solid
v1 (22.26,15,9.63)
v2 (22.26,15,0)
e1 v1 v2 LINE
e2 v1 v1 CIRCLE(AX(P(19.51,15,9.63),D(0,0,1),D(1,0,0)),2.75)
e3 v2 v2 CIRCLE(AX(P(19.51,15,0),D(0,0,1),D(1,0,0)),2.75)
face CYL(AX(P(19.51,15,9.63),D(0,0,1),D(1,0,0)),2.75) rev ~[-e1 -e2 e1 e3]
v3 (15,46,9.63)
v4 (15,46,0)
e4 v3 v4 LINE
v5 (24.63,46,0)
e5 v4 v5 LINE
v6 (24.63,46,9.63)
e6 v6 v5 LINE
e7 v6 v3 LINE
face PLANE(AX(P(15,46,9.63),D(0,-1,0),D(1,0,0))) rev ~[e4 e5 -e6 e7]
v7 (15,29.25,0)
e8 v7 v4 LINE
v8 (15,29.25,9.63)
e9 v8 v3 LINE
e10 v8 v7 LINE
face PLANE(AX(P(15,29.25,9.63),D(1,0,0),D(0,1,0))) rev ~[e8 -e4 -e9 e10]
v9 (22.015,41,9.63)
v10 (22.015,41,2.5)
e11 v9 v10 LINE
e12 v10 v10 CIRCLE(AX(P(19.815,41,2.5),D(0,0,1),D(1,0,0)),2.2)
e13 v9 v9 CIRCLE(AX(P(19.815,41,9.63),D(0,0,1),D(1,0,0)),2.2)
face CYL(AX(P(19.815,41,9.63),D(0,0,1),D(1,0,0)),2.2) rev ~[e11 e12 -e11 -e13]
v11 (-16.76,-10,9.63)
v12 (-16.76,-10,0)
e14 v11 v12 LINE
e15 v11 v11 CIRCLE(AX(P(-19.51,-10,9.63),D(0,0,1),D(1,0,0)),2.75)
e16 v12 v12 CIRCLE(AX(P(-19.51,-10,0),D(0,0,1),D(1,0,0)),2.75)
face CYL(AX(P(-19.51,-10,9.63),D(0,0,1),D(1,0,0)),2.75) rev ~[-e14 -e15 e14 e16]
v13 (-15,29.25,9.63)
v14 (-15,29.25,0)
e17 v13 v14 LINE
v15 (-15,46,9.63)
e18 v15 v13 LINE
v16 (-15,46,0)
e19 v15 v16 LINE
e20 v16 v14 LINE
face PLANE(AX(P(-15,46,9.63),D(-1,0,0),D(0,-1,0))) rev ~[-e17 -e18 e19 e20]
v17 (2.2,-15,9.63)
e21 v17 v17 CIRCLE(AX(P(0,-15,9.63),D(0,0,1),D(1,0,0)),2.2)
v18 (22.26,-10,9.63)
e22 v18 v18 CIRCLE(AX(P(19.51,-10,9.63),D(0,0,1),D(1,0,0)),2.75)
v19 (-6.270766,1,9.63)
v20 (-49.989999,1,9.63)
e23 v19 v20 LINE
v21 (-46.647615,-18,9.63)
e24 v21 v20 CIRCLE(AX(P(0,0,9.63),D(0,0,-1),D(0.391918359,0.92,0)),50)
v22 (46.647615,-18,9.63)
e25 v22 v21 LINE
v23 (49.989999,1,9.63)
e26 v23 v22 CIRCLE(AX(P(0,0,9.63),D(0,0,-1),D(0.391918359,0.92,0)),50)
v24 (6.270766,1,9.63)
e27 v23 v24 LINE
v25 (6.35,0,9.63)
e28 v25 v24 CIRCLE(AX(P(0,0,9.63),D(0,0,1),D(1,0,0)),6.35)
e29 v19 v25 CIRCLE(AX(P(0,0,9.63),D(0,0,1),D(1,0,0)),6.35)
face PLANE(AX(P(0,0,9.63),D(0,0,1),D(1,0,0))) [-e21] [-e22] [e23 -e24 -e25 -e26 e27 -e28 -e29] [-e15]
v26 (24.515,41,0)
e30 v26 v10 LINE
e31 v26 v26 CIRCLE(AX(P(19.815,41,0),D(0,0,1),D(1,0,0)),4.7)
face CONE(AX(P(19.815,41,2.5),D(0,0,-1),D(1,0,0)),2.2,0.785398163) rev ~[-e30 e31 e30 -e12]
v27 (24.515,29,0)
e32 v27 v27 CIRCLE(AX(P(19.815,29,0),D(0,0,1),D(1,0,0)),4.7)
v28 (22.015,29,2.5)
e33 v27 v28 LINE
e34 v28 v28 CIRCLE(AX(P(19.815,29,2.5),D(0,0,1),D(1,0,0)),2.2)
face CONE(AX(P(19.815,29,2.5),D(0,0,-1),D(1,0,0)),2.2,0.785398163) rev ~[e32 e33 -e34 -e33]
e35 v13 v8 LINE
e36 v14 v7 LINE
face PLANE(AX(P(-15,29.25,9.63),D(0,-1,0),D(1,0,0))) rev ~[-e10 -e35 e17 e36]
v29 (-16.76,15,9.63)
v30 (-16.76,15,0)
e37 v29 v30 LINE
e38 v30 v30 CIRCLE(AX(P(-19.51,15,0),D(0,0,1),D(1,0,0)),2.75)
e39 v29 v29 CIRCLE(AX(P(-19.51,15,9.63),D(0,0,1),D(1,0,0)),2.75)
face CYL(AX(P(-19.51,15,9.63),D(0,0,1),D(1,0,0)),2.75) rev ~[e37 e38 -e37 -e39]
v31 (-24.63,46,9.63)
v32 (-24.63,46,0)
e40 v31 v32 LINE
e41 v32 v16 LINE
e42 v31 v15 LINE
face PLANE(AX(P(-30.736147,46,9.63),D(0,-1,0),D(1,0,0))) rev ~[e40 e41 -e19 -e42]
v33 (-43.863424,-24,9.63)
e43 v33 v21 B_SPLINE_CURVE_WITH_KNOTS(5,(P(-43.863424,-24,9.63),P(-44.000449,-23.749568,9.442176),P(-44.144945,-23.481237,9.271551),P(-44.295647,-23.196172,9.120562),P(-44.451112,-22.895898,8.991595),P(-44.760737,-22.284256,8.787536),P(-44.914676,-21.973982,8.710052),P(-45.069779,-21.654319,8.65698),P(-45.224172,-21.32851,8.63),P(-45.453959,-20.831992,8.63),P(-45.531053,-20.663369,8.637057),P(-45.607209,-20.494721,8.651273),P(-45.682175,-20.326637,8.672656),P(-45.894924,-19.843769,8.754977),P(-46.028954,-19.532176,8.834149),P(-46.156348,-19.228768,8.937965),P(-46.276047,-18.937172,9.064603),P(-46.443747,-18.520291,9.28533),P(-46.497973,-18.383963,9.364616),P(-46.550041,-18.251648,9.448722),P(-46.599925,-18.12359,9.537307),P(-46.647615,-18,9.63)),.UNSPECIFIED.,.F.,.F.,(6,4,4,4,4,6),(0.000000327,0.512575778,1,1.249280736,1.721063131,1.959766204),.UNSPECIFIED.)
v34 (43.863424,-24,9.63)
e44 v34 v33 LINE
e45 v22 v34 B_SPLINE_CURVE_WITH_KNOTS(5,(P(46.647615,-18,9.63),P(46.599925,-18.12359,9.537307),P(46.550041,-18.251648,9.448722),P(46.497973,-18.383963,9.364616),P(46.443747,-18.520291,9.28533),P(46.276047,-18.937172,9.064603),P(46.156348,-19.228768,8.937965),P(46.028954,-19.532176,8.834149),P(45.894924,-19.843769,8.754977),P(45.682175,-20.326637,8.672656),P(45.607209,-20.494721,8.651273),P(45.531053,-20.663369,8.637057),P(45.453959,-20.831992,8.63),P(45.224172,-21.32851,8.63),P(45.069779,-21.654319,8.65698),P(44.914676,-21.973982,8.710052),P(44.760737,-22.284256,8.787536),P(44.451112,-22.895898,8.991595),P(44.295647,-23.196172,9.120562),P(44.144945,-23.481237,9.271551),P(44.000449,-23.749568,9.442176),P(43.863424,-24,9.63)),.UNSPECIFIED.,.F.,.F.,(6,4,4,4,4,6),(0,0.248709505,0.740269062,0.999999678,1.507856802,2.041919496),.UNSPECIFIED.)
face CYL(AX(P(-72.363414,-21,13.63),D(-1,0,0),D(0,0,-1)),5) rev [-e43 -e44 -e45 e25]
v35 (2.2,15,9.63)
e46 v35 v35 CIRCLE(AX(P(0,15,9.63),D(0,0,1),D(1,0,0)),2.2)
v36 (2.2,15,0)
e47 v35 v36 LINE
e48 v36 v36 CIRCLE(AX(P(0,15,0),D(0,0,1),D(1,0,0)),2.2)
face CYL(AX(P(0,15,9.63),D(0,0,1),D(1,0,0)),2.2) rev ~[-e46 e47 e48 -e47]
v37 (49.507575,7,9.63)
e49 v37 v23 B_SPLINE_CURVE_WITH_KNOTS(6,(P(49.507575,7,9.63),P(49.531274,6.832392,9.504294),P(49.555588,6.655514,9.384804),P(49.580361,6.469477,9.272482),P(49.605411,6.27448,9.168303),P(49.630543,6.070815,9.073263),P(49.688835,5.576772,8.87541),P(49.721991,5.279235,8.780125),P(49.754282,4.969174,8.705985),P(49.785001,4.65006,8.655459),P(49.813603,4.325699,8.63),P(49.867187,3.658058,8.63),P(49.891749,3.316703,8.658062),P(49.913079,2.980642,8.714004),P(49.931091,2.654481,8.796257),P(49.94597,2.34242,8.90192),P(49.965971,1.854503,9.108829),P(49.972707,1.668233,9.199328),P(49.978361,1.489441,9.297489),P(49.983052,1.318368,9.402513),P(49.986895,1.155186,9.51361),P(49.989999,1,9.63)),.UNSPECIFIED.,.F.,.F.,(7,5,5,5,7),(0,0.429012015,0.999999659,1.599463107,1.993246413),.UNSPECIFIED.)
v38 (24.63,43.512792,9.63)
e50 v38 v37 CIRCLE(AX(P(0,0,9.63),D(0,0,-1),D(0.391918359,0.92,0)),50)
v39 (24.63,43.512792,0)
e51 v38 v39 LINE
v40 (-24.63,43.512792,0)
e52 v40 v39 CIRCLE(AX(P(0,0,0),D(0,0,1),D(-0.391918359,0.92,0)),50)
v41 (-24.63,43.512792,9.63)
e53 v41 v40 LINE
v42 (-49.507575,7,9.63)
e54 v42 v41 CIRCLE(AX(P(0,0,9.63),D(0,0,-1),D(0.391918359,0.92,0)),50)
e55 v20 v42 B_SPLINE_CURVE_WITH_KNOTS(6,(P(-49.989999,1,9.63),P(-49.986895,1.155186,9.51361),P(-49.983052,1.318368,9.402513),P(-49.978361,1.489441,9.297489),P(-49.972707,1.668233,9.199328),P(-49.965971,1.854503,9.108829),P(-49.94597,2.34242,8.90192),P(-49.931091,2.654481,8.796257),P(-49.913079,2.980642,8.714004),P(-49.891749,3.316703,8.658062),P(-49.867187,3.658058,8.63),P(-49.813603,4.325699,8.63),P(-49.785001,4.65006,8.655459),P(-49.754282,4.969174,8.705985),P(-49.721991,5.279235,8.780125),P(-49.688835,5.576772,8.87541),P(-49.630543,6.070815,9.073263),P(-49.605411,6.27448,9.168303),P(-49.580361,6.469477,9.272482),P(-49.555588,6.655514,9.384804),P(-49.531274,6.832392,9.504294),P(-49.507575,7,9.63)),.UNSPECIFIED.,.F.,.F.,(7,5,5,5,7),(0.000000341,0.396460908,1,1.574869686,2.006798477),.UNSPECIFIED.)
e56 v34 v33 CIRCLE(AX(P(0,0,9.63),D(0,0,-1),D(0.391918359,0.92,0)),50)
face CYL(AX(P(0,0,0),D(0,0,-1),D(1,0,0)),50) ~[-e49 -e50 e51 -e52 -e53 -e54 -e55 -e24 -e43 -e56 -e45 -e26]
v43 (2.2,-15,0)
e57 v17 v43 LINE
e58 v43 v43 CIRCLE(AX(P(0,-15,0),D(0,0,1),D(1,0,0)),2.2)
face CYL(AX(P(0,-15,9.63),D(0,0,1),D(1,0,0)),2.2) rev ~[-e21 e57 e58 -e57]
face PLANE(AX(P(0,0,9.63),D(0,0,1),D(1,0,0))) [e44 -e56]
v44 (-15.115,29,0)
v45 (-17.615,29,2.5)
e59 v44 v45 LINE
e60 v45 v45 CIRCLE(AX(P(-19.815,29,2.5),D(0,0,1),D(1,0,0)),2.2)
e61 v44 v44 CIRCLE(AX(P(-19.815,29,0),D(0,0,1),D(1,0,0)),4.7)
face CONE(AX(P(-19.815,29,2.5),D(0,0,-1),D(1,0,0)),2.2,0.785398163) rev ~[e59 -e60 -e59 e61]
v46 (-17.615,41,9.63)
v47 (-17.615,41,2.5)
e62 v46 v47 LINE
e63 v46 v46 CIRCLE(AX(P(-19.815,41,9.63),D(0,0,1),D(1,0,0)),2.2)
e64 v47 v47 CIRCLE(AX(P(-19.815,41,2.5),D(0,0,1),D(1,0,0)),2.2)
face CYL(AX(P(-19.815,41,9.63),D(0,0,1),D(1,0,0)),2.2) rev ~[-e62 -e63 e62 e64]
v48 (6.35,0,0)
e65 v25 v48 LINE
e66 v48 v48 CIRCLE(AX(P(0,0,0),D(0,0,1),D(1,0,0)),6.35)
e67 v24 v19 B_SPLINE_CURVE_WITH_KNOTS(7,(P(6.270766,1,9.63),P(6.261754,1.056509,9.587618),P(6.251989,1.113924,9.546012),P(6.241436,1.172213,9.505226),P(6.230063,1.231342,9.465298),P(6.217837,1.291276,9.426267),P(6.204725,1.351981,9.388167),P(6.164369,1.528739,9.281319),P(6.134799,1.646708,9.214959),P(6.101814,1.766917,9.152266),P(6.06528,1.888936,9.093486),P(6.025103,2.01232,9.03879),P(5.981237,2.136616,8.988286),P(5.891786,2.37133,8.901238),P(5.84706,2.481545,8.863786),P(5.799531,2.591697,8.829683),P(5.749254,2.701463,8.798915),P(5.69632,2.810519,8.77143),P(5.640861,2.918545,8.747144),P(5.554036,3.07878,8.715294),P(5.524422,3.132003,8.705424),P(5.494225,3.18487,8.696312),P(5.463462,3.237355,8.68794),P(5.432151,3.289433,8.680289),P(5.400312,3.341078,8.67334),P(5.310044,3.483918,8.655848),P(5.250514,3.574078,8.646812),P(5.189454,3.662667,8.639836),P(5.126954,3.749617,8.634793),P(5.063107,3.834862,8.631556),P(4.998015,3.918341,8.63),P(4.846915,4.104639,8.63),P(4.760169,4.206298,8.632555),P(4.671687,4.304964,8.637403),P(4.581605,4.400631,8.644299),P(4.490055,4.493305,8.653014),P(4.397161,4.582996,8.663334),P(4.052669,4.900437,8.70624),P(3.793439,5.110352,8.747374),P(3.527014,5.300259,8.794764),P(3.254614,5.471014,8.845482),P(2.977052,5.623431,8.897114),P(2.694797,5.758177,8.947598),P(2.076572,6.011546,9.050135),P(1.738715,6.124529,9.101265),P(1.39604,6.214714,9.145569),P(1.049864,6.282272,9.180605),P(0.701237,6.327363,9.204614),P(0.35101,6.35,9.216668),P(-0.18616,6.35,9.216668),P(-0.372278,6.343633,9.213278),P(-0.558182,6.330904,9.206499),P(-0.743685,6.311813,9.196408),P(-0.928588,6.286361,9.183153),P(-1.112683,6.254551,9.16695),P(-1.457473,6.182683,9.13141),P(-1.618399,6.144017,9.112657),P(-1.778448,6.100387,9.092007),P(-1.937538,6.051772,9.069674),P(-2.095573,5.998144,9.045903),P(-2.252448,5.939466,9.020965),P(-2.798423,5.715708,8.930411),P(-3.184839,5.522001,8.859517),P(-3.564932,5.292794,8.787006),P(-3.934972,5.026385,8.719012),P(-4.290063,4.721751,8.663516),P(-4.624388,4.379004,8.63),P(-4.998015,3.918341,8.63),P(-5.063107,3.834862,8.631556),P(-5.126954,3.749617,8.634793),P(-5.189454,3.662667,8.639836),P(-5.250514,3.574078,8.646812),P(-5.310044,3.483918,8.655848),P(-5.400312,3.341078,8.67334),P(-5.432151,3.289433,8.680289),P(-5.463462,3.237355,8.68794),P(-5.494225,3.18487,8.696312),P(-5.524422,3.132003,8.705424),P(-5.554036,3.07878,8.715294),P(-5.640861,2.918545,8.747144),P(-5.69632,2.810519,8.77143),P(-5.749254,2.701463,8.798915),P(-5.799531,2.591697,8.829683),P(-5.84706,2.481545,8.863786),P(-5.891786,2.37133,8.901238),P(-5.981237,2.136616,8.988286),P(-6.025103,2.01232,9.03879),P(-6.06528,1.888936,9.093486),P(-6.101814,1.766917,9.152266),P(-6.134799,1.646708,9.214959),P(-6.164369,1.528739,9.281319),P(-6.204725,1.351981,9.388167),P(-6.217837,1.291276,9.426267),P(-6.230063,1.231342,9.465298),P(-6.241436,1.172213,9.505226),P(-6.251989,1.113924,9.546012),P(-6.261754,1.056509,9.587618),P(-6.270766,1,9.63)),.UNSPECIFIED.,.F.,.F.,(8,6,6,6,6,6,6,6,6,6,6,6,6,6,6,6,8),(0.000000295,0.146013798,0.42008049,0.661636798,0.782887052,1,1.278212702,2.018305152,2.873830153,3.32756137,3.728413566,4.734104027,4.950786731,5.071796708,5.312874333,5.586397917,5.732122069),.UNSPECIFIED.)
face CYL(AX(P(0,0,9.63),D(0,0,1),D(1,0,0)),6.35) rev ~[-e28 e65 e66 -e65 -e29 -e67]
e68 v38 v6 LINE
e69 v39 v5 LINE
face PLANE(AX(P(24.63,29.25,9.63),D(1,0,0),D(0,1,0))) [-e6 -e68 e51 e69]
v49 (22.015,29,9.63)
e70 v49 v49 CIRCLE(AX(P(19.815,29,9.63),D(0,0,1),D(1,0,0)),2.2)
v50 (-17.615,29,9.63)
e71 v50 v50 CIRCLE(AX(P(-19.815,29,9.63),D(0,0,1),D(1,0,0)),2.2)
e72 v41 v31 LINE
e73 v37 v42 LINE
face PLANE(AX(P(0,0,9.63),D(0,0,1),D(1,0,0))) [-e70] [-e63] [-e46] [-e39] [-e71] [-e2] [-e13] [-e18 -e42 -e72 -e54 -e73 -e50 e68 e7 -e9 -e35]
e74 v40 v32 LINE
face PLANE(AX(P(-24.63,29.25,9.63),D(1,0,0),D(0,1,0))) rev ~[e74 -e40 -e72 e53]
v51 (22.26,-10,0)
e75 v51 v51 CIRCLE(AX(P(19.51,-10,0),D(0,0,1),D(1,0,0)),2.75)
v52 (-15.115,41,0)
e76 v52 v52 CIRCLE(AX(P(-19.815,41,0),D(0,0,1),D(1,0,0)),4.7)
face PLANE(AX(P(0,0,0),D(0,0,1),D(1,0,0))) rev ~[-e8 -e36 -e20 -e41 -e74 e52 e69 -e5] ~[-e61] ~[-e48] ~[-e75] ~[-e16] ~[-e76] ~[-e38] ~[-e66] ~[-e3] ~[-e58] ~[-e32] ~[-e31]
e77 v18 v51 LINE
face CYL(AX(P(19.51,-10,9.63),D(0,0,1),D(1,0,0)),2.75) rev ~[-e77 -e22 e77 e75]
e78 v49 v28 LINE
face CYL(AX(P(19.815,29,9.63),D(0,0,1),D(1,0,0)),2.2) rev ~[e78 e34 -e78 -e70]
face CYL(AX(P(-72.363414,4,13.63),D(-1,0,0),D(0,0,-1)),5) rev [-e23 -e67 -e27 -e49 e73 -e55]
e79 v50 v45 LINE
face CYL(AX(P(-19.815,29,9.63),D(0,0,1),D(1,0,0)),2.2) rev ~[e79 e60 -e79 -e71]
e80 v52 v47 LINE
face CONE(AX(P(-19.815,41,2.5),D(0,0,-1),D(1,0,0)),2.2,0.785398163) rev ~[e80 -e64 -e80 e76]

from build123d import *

# Parameters (mm, degrees)
SKETCH1_R               = 50
EXTRUDE_3_8_DEPTH       = 9.63
CUT_EXTRUDE1_DEPTH      = 9.63
SKETCH3_W               = 9.63
SKETCH3_H               = 16.75
BOSS_EXTRUDE2_DEPTH     = 9.63
SKETCH4_R               = 2.2
M4_THROUGH_DEPTH        = 9.63
SKETCH5_R               = 6.35
CUT_EXTRUDE2_DEPTH      = 9.63
SKETCH6_R               = 2.2
M4_THROUGH2_DEPTH       = 9.63
SKETCH7_R               = 2.75
M5_THROUGH_DEPTH        = 9.63
CHAMFER1_SIZE           = 2.5
CUT_EXTRUDE4_DEPTH      = 72.363414296
CUT_EXTRUDE4_DEPTH_BACK = 72.363414296
SKETCH8_R               = 5


with BuildPart() as part:
    # Sketch1 → 3/8 (new body)
    with BuildSketch(Plane.XY):
        Circle(SKETCH1_R)
    extrude(amount=EXTRUDE_3_8_DEPTH)

    # Sketch2 → Cut-Extrude1 (cut)
    with BuildSketch(Plane.XY.offset(9.63)):
        Polygon((-15, 46), (-15, 29.25), (15, 29.25), (15, 46), (28.100203936, 46), (28.100203936, 76.142415264), (-30.736146894, 76.142415264), (-30.736146894, 46), align=None)
    extrude(amount=-CUT_EXTRUDE1_DEPTH, mode=Mode.SUBTRACT)

    # Sketch3 → Boss-Extrude2 (add)
    with BuildSketch(Plane.XY.offset(9.63)):
        with Locations((-19.815, 37.625)):
            Rectangle(SKETCH3_W, SKETCH3_H)
        with Locations((19.815, 37.625)):
            Rectangle(SKETCH3_W, SKETCH3_H)
    extrude(amount=-BOSS_EXTRUDE2_DEPTH)

    # Sketch4 → M4_through (cut)
    with BuildSketch(Plane.XY.offset(9.63)):
        with Locations((-19.815, 41)):
            Circle(SKETCH4_R)
        with Locations((-19.815, 29)):
            Circle(SKETCH4_R)
        with Locations((19.815, 29)):
            Circle(SKETCH4_R)
        with Locations((19.815, 41)):
            Circle(SKETCH4_R)
    extrude(amount=-M4_THROUGH_DEPTH, mode=Mode.SUBTRACT)

    # Sketch5 → Cut-Extrude2 (cut)
    with BuildSketch(Plane.XY.offset(9.63)):
        Circle(SKETCH5_R)
    extrude(amount=-CUT_EXTRUDE2_DEPTH, mode=Mode.SUBTRACT)

    # Sketch6 → M4_through2 (cut)
    with BuildSketch(Plane.XY.offset(9.63)):
        with Locations((0, 15)):
            Circle(SKETCH6_R)
        with Locations((0, -15)):
            Circle(SKETCH6_R)
    extrude(amount=-M4_THROUGH2_DEPTH, mode=Mode.SUBTRACT)

    # Sketch7 → M5_through (cut)
    with BuildSketch(Plane.XY.offset(9.63)):
        with Locations((-19.51, 15)):
            Circle(SKETCH7_R)
        with Locations((-19.51, -10)):
            Circle(SKETCH7_R)
        with Locations((19.51, -10)):
            Circle(SKETCH7_R)
        with Locations((19.51, 15)):
            Circle(SKETCH7_R)
    extrude(amount=-M5_THROUGH_DEPTH, mode=Mode.SUBTRACT)

    # Chamfer1
    chamfer1_edges = [part.edges().sort_by_distance(p)[0] for p in [
        (17.615, 41, 0),
        (17.615, 29, 0),
        (-22.015, 29, 0),
        (-22.015, 41, 0),
    ]]
    chamfer(chamfer1_edges, length=CHAMFER1_SIZE)

    # Sketch8 → Cut-Extrude4 (cut, two sides: drawn at the far end of the back side and taken through both)
    with BuildSketch(Plane(origin=(0, 0, 0), x_dir=(0, 0, -1), z_dir=(1, 0, 0)).offset(-CUT_EXTRUDE4_DEPTH_BACK)):
        with Locations((-13.63, 4)):
            Circle(SKETCH8_R)
        with Locations((-13.63, -21)):
            Circle(SKETCH8_R)
    extrude(amount=CUT_EXTRUDE4_DEPTH + CUT_EXTRUDE4_DEPTH_BACK, mode=Mode.SUBTRACT)


solid = part.part
